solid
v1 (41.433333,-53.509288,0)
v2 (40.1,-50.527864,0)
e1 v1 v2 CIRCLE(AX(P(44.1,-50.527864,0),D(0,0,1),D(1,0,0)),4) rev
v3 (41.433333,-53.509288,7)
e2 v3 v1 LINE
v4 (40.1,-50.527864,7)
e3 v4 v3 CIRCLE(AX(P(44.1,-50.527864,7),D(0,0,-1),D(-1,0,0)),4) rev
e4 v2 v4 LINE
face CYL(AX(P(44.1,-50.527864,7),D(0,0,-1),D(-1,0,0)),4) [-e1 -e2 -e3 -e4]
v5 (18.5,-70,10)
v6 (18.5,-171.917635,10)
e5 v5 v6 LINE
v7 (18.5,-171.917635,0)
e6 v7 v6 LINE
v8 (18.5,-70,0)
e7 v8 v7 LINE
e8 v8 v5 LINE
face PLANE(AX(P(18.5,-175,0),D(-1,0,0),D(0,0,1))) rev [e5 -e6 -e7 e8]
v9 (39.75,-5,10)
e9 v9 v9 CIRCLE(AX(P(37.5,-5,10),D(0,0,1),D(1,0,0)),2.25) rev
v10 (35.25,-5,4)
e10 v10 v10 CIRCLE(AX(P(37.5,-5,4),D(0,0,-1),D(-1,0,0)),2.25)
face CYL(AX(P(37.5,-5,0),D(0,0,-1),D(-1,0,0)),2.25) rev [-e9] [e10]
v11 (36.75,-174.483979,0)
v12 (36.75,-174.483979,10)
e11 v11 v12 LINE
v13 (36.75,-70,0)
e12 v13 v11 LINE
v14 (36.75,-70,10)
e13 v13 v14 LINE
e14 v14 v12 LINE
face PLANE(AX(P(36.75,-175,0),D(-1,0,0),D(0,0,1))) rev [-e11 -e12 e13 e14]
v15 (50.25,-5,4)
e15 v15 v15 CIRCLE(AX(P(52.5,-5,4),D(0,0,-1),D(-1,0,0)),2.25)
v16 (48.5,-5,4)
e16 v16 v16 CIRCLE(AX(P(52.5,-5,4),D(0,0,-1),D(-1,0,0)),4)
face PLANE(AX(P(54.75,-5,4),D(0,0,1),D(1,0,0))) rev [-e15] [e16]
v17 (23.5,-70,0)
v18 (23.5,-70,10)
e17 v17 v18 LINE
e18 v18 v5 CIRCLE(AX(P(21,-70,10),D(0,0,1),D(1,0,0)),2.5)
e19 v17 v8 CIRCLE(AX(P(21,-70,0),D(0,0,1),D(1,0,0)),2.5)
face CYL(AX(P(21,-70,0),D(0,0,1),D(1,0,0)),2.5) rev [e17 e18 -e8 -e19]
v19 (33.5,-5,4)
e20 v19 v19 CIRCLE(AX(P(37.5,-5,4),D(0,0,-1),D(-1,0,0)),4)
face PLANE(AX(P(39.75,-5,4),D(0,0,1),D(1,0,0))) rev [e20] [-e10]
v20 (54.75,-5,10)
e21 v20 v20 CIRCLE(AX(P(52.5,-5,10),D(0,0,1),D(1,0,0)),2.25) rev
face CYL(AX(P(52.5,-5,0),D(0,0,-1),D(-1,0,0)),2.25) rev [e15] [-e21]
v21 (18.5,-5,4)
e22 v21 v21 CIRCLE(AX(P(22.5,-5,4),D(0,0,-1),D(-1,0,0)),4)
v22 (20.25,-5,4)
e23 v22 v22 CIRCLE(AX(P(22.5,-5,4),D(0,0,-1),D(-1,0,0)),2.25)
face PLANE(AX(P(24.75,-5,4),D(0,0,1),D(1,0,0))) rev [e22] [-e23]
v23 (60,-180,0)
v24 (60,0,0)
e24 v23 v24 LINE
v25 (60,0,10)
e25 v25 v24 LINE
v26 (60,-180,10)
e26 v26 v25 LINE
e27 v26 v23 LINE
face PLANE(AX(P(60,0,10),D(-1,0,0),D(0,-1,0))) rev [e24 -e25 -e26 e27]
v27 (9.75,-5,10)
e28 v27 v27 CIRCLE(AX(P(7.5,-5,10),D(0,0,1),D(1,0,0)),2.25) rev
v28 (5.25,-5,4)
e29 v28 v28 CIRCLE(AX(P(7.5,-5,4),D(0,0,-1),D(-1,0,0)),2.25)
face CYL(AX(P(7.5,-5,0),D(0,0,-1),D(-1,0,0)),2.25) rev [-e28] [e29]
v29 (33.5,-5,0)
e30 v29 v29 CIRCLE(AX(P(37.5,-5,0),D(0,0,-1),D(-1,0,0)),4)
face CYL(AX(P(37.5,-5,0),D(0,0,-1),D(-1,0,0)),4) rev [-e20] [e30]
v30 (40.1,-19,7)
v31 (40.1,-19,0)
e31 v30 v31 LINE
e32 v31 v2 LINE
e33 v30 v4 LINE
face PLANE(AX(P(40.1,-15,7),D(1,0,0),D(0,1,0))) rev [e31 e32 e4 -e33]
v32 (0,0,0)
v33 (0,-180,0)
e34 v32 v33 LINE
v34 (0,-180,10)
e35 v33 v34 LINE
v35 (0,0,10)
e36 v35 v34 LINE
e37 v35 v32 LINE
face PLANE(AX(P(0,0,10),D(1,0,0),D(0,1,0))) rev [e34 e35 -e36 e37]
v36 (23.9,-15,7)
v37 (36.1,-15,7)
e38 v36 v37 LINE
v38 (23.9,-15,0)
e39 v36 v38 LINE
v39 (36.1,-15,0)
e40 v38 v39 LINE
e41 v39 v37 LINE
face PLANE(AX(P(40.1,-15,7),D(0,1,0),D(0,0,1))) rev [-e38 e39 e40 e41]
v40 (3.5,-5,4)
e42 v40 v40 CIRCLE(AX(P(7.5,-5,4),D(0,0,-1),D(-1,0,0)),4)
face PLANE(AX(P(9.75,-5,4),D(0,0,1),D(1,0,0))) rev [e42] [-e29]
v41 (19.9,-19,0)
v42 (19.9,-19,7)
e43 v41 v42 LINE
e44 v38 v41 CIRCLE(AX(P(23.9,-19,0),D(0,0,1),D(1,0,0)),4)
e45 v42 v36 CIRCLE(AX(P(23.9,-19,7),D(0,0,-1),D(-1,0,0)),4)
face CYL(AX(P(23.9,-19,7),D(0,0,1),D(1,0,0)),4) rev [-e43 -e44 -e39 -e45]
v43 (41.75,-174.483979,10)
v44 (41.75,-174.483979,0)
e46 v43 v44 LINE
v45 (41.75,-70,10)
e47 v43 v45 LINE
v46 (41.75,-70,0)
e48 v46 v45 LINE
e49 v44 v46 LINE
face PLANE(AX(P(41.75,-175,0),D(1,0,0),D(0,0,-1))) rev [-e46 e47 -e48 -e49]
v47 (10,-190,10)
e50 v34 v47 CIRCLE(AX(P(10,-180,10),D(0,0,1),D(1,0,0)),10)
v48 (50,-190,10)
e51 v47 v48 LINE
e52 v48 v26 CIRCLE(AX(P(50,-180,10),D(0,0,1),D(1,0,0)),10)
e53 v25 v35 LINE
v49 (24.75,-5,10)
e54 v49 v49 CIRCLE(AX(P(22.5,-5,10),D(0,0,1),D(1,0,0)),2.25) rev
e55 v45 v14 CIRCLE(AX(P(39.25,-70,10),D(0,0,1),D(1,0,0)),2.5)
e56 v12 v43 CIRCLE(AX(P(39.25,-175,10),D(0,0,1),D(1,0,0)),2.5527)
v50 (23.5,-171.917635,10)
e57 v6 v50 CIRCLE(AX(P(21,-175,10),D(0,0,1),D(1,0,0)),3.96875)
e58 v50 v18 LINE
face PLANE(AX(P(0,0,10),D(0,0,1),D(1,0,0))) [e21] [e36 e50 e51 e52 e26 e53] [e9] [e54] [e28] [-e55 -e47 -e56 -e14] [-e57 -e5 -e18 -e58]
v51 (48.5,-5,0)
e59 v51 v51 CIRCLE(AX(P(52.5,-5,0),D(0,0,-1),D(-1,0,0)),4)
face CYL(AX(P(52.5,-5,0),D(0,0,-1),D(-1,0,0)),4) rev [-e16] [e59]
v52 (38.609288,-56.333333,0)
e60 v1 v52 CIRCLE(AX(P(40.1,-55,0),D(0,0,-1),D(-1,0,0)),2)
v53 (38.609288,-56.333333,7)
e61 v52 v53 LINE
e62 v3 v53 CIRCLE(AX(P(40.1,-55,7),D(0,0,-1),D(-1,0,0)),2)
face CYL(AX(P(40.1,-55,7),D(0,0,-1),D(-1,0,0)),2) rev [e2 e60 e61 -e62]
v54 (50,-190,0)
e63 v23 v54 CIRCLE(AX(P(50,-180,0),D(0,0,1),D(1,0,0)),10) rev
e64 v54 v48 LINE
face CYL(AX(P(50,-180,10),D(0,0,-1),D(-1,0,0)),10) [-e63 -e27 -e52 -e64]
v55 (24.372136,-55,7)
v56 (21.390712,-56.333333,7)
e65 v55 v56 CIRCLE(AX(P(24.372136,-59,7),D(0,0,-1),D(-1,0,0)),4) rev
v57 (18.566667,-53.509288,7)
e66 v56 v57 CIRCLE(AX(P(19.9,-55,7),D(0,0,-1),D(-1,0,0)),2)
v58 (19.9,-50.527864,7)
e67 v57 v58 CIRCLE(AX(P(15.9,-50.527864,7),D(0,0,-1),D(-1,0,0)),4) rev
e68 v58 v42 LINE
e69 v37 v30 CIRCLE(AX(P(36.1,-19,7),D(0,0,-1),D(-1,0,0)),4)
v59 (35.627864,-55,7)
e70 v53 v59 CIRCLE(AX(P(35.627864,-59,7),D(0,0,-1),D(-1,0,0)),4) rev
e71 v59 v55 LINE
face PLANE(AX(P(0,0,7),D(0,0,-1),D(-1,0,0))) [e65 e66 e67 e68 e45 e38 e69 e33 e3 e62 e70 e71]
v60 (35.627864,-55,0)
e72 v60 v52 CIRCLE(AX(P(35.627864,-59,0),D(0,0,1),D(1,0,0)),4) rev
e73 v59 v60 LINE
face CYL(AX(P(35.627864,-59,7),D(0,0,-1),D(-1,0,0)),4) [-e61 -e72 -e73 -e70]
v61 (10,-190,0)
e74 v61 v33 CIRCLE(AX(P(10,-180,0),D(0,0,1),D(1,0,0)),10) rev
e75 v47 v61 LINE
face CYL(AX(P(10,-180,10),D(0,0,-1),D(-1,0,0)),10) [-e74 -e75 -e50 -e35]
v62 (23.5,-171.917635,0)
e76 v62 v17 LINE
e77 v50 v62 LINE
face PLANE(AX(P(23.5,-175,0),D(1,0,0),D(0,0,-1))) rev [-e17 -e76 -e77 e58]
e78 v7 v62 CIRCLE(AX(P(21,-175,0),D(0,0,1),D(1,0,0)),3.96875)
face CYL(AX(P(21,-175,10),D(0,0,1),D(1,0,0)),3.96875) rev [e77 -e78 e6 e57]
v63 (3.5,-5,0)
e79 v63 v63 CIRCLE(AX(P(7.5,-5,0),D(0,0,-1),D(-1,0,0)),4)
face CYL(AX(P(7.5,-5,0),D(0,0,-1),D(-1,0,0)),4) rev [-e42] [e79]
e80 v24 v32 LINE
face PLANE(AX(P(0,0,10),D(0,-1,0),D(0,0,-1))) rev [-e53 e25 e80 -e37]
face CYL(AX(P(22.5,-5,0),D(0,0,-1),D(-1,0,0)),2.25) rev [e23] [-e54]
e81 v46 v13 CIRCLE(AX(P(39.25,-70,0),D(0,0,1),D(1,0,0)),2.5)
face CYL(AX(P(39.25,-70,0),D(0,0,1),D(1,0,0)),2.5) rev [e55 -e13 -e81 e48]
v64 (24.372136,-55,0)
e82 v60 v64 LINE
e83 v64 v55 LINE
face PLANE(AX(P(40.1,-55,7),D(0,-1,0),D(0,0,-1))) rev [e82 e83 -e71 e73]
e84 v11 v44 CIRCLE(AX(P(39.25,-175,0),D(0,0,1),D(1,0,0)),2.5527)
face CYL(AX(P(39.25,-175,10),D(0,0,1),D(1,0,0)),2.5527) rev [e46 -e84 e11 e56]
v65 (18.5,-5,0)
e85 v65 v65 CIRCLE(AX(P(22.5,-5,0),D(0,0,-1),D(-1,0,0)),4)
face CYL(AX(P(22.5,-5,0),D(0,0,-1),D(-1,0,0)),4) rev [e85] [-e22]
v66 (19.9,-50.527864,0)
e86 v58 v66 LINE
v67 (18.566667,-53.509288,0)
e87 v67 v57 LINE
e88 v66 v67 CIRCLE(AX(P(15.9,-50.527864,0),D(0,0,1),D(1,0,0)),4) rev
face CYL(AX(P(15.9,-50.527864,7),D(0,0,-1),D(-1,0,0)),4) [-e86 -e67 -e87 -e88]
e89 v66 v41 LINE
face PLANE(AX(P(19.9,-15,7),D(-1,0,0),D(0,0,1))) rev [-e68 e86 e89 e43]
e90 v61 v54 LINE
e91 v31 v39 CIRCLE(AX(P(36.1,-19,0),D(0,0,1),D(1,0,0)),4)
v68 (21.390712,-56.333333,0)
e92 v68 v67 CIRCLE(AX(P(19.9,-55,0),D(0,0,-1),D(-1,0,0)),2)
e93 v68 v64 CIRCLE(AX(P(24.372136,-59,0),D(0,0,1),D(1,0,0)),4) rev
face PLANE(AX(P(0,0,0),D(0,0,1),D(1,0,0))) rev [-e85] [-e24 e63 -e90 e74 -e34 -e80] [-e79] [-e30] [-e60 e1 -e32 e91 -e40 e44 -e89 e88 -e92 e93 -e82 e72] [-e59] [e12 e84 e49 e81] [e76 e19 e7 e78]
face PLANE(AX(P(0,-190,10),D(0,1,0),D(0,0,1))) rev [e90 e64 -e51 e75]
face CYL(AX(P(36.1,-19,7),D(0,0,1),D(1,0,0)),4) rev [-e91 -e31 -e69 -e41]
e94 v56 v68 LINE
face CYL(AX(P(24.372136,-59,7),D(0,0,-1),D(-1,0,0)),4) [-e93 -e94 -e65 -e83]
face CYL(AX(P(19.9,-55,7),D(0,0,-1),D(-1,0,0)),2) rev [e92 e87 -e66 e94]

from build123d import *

# Parameters (mm, degrees)
EXTRUDE_1_DEPTH            = 10
HOLE_WIZARD_M4_D           = 4.5
HOLE_WIZARD_M4_CBORE_D     = 8
HOLE_WIZARD_M4_CBORE_DEPTH = 4
HOLE_WIZARD_1_4_201_D      = 5.1054
HOLE_WIZARD_3_8_161_D      = 7.9375
CUT_EXTRUDE_1_DEPTH        = 200.499373433
FILLET_1_R                 = 10
SKETCH_14_W                = 20.2
SKETCH_14_H                = 40
CUT_EXTRUDE_2_DEPTH        = 7
SKETCH_15_R                = 2
CUT_EXTRUDE_3_DEPTH        = 7
FILLET_2_R                 = 4


with BuildPart() as part:
    # Эскиз1 → Бобышка-Вытянуть1 (new body)
    with BuildSketch(Plane.XY):
        Polygon((0, 0), (60, 0), (60, -60), (60, -150), (60, -190), (0, -190), align=None)
    extrude(amount=EXTRUDE_1_DEPTH)

    # Цековка для винта с внутренним шестигранником M4 (through all)
    with Locations(Plane(origin=(-14.842707118, -41.655134189, 0), x_dir=(-1, 0, 0), z_dir=(0, 0, -1))):
        with Locations((-67.342707118, 36.655134189), (-52.342707118, 36.655134189), (-37.342707118, 36.655134189), (-22.342707118, 36.655134189)):
            CounterBoreHole(HOLE_WIZARD_M4_D / 2, HOLE_WIZARD_M4_CBORE_D / 2, HOLE_WIZARD_M4_CBORE_DEPTH)

    # Отверстие обработанное метчиком 1/4-201 (through all)
    with Locations(Plane(origin=(39.25, -175, 10), x_dir=(1, 0, 0), z_dir=(0, 0, 1))):
        with Locations((0, 0)):
            Hole(HOLE_WIZARD_1_4_201_D / 2)

    # Отверстие обработанное метчиком 3/8-161 (through all)
    with Locations(Plane(origin=(21, -175, 10), x_dir=(1, 0, 0), z_dir=(0, 0, 1))):
        with Locations((0, 0)):
            Hole(HOLE_WIZARD_3_8_161_D / 2)

    # Эскиз12 → Вырез-Вытянуть1 (cut, through all)
    with BuildSketch(Plane.XY.offset(10)):
        with BuildLine():
            Line((36.75, -175), (36.75, -70))
            ThreePointArc((36.75, -70), (39.25, -67.5), (41.75, -70))
            Line((41.75, -70), (41.75, -175))
            ThreePointArc((41.75, -175), (39.25, -177.5), (36.75, -175))
        make_face()
        with BuildLine():
            Line((18.5, -175), (18.5, -70))
            ThreePointArc((18.5, -70), (21, -67.5), (23.5, -70))
            Line((23.5, -70), (23.5, -175))
            ThreePointArc((23.5, -175), (21, -177.5), (18.5, -175))
        make_face()
    extrude(amount=-CUT_EXTRUDE_1_DEPTH, mode=Mode.SUBTRACT)

    # Скругление1
    fillet_1_edges = [part.edges().sort_by_distance(p)[0] for p in [
        (60, -190, 5),
        (0, -190, 5),
    ]]
    fillet(fillet_1_edges, radius=FILLET_1_R)

    # Эскиз14 → Вырез-Вытянуть2 (cut)
    with BuildSketch(Plane(origin=(0, 0, 0), x_dir=(-1, 0, 0), z_dir=(0, 0, -1))):
        with Locations((-30, -35)):
            Rectangle(SKETCH_14_W, SKETCH_14_H)
    extrude(amount=-CUT_EXTRUDE_2_DEPTH, mode=Mode.SUBTRACT)

    # Эскиз15 → Вырез-Вытянуть3 (cut)
    with BuildSketch(Plane(origin=(0, 0, 0), x_dir=(-1, 0, 0), z_dir=(0, 0, -1))):
        with Locations((-40.1, -55)):
            Circle(SKETCH_15_R)
        with Locations((-19.9, -55)):
            Circle(SKETCH_15_R)
    extrude(amount=-CUT_EXTRUDE_3_DEPTH, mode=Mode.SUBTRACT)

    # Скругление2
    fillet_2_edges = [part.edges().sort_by_distance(p)[0] for p in [
        (19.9, -15, 3.5),
        (40.1, -15, 3.5),
        (38.1, -55, 3.5),
        (40.1, -53, 3.5),
        (19.9, -53, 3.5),
        (21.9, -55, 3.5),
    ]]
    fillet(fillet_2_edges, radius=FILLET_2_R)


solid = part.part
